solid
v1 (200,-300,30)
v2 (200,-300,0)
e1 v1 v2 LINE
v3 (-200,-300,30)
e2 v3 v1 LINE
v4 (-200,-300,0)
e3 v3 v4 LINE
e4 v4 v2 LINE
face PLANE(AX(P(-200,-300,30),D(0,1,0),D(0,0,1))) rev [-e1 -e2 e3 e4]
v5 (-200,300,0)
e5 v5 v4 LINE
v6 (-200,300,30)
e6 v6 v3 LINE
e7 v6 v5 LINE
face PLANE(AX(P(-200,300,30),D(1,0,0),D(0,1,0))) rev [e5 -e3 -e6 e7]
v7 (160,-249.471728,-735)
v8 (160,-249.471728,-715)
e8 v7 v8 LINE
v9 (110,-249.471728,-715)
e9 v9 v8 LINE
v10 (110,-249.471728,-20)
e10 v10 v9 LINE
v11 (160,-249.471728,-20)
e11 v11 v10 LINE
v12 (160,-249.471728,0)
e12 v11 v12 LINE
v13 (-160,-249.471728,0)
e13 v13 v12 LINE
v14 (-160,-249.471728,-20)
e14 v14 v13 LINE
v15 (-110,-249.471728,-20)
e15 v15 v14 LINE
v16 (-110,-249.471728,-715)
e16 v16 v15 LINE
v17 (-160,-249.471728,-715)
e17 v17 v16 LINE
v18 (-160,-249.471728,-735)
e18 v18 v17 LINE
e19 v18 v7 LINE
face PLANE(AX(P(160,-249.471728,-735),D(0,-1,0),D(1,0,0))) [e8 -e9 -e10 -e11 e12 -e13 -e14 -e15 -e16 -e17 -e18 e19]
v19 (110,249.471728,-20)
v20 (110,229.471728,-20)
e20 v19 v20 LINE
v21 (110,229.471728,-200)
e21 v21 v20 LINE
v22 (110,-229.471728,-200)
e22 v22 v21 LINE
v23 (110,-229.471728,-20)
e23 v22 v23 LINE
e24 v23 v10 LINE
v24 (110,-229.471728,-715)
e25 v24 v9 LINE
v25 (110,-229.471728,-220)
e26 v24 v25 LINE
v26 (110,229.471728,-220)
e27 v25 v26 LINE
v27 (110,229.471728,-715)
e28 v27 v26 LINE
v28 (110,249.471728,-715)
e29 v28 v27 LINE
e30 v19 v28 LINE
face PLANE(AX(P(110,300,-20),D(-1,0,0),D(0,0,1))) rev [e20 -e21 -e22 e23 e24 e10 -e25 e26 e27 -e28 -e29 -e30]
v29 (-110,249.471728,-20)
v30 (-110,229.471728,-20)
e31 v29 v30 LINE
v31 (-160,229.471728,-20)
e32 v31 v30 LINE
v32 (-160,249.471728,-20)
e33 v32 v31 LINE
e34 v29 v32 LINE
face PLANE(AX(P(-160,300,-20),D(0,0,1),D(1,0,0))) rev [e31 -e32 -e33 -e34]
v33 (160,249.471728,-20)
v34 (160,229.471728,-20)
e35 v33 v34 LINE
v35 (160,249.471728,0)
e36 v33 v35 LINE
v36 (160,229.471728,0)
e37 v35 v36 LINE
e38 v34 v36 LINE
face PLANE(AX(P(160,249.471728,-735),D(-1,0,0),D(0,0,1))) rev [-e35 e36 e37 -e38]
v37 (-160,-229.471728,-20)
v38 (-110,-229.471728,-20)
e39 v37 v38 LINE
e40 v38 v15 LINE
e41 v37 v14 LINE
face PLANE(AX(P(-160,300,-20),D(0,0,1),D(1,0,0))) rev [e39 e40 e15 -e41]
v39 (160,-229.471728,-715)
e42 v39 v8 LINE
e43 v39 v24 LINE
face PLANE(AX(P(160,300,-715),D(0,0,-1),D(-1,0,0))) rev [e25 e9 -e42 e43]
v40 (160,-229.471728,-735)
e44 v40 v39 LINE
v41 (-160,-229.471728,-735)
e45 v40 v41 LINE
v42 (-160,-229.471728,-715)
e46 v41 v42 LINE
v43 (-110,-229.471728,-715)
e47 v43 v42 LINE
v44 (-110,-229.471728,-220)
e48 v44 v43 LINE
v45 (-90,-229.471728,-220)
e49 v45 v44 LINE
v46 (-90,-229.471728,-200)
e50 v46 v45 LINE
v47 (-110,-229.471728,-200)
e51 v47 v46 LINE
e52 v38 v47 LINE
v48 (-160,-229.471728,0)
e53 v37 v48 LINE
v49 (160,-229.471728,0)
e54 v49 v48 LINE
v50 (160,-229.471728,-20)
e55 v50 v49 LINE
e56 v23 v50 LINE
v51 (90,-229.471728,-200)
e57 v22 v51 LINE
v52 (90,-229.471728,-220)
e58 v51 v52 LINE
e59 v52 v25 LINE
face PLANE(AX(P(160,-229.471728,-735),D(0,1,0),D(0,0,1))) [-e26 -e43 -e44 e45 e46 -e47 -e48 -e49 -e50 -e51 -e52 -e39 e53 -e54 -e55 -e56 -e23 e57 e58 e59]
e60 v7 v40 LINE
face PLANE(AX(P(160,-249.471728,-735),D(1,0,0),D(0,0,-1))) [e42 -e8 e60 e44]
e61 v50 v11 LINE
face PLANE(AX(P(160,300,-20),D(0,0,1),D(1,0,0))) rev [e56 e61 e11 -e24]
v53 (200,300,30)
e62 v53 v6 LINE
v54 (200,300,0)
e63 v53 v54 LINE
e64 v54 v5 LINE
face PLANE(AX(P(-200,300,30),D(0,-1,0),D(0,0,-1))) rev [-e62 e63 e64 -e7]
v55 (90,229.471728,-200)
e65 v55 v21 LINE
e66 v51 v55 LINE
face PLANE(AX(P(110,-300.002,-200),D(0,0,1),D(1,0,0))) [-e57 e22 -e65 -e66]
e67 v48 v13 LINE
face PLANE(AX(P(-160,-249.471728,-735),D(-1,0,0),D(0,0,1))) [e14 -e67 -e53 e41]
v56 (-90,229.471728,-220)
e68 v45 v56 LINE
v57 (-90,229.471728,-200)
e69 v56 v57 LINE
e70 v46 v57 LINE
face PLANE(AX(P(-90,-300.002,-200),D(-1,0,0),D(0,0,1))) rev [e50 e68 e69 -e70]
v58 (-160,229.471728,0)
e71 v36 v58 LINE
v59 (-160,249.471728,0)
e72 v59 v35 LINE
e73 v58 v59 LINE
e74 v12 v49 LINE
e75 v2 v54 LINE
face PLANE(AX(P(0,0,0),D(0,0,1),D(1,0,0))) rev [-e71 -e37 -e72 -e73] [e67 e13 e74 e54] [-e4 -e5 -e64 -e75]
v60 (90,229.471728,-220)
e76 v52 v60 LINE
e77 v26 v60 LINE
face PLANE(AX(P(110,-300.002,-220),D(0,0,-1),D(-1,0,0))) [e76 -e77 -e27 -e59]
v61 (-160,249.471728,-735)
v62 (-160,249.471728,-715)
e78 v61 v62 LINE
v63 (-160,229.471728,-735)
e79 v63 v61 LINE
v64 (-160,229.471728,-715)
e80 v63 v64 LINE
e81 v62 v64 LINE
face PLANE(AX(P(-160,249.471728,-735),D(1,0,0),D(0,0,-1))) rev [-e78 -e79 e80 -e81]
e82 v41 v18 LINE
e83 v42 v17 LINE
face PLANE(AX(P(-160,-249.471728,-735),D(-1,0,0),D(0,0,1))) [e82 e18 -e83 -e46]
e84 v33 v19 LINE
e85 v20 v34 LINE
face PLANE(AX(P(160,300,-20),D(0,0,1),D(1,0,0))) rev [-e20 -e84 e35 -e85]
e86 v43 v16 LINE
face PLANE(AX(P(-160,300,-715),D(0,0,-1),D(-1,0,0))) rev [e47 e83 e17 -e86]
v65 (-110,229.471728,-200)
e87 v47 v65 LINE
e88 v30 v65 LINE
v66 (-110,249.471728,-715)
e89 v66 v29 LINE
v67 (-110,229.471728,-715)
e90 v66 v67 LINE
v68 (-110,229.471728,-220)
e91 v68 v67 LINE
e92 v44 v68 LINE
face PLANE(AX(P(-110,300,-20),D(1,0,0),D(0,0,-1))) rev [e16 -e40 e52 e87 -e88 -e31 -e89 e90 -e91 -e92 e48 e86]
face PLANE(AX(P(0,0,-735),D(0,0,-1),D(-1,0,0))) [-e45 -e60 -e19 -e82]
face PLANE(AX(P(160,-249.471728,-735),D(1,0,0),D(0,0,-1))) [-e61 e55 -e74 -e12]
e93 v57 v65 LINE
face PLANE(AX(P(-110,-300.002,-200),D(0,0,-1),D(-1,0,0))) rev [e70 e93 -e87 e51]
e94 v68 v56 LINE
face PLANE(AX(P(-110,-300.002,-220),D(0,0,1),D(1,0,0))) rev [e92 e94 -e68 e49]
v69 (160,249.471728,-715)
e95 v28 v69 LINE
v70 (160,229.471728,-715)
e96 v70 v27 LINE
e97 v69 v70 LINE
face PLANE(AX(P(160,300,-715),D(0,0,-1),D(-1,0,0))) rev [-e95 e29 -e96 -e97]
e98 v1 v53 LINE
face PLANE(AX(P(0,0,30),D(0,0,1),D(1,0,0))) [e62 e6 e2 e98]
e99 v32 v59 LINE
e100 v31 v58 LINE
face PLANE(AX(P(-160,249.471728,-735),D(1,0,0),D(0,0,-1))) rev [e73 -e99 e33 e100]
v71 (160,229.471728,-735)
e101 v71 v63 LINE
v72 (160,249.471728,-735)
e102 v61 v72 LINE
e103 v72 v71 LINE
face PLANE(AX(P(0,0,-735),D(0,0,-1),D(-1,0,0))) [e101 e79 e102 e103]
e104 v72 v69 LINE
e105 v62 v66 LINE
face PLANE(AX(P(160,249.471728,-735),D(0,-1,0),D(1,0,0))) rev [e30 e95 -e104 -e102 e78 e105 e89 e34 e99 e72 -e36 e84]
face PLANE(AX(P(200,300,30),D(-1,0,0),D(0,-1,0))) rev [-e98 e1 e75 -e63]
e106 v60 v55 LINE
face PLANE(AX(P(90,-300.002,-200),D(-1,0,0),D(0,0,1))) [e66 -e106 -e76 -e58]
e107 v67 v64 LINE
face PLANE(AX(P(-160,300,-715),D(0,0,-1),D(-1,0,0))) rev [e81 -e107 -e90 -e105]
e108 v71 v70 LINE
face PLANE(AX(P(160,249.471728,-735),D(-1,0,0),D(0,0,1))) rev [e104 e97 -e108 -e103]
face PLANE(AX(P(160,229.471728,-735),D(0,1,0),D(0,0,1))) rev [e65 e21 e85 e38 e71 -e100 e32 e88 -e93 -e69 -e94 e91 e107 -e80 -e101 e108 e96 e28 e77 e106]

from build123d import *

# Parameters (mm, degrees)
CROQUIS1_W              = 400
CROQUIS1_H              = 600
SALIENTE_EXTRUIR1_DEPTH = 30
CROQUIS3_W              = 320
CROQUIS3_H              = 20
SALIENTE_EXTRUIR2_DEPTH = 735
CROQUIS4_W              = 50
CROQUIS4_H              = 695
CORTAR_EXTRUIR1_DEPTH   = 550.471728
CROQUIS5_W              = 20
CROQUIS5_H              = 20
SALIENTE_EXTRUIR3_DEPTH = 458.943456


with BuildPart() as part:
    # Croquis1 → Saliente-Extruir1 (new body)
    with BuildSketch(Plane.XY):
        Rectangle(CROQUIS1_W, CROQUIS1_H)
    extrude(amount=SALIENTE_EXTRUIR1_DEPTH)

    # Croquis3 → Saliente-Extruir2 (add)
    with BuildSketch(Plane(origin=(0, 0, 0), x_dir=(-1, 0, 0), z_dir=(0, 0, -1))):
        with Locations((0, 239.471728)):
            Rectangle(CROQUIS3_W, CROQUIS3_H)
    saliente_extruir2 = extrude(amount=SALIENTE_EXTRUIR2_DEPTH)

    # Simetría1: Saliente-Extruir2 across plane
    add(saliente_extruir2.mirror(Plane.ZX))

    # Croquis4 → Cortar-Extruir1 (cut, through all)
    with BuildSketch(Plane.XZ.offset(249.471728)):
        with Locations((-135, -367.5)):
            Rectangle(CROQUIS4_W, CROQUIS4_H)
        with Locations((135, -367.5)):
            Rectangle(CROQUIS4_W, CROQUIS4_H)
    extrude(amount=-CORTAR_EXTRUIR1_DEPTH, mode=Mode.SUBTRACT)

    # Croquis5 → Saliente-Extruir3 (add)
    with BuildSketch(Plane.XZ.offset(-229.471728)):
        with Locations((-100, -210)):
            Rectangle(CROQUIS5_W, CROQUIS5_H)
    saliente_extruir3 = extrude(amount=SALIENTE_EXTRUIR3_DEPTH)

    # Simetría2: Saliente-Extruir3 across plane
    add(saliente_extruir3.mirror(Plane(origin=(0, 0, 0), x_dir=(0, 0, 1), z_dir=(1, 0, 0))))


solid = part.part
